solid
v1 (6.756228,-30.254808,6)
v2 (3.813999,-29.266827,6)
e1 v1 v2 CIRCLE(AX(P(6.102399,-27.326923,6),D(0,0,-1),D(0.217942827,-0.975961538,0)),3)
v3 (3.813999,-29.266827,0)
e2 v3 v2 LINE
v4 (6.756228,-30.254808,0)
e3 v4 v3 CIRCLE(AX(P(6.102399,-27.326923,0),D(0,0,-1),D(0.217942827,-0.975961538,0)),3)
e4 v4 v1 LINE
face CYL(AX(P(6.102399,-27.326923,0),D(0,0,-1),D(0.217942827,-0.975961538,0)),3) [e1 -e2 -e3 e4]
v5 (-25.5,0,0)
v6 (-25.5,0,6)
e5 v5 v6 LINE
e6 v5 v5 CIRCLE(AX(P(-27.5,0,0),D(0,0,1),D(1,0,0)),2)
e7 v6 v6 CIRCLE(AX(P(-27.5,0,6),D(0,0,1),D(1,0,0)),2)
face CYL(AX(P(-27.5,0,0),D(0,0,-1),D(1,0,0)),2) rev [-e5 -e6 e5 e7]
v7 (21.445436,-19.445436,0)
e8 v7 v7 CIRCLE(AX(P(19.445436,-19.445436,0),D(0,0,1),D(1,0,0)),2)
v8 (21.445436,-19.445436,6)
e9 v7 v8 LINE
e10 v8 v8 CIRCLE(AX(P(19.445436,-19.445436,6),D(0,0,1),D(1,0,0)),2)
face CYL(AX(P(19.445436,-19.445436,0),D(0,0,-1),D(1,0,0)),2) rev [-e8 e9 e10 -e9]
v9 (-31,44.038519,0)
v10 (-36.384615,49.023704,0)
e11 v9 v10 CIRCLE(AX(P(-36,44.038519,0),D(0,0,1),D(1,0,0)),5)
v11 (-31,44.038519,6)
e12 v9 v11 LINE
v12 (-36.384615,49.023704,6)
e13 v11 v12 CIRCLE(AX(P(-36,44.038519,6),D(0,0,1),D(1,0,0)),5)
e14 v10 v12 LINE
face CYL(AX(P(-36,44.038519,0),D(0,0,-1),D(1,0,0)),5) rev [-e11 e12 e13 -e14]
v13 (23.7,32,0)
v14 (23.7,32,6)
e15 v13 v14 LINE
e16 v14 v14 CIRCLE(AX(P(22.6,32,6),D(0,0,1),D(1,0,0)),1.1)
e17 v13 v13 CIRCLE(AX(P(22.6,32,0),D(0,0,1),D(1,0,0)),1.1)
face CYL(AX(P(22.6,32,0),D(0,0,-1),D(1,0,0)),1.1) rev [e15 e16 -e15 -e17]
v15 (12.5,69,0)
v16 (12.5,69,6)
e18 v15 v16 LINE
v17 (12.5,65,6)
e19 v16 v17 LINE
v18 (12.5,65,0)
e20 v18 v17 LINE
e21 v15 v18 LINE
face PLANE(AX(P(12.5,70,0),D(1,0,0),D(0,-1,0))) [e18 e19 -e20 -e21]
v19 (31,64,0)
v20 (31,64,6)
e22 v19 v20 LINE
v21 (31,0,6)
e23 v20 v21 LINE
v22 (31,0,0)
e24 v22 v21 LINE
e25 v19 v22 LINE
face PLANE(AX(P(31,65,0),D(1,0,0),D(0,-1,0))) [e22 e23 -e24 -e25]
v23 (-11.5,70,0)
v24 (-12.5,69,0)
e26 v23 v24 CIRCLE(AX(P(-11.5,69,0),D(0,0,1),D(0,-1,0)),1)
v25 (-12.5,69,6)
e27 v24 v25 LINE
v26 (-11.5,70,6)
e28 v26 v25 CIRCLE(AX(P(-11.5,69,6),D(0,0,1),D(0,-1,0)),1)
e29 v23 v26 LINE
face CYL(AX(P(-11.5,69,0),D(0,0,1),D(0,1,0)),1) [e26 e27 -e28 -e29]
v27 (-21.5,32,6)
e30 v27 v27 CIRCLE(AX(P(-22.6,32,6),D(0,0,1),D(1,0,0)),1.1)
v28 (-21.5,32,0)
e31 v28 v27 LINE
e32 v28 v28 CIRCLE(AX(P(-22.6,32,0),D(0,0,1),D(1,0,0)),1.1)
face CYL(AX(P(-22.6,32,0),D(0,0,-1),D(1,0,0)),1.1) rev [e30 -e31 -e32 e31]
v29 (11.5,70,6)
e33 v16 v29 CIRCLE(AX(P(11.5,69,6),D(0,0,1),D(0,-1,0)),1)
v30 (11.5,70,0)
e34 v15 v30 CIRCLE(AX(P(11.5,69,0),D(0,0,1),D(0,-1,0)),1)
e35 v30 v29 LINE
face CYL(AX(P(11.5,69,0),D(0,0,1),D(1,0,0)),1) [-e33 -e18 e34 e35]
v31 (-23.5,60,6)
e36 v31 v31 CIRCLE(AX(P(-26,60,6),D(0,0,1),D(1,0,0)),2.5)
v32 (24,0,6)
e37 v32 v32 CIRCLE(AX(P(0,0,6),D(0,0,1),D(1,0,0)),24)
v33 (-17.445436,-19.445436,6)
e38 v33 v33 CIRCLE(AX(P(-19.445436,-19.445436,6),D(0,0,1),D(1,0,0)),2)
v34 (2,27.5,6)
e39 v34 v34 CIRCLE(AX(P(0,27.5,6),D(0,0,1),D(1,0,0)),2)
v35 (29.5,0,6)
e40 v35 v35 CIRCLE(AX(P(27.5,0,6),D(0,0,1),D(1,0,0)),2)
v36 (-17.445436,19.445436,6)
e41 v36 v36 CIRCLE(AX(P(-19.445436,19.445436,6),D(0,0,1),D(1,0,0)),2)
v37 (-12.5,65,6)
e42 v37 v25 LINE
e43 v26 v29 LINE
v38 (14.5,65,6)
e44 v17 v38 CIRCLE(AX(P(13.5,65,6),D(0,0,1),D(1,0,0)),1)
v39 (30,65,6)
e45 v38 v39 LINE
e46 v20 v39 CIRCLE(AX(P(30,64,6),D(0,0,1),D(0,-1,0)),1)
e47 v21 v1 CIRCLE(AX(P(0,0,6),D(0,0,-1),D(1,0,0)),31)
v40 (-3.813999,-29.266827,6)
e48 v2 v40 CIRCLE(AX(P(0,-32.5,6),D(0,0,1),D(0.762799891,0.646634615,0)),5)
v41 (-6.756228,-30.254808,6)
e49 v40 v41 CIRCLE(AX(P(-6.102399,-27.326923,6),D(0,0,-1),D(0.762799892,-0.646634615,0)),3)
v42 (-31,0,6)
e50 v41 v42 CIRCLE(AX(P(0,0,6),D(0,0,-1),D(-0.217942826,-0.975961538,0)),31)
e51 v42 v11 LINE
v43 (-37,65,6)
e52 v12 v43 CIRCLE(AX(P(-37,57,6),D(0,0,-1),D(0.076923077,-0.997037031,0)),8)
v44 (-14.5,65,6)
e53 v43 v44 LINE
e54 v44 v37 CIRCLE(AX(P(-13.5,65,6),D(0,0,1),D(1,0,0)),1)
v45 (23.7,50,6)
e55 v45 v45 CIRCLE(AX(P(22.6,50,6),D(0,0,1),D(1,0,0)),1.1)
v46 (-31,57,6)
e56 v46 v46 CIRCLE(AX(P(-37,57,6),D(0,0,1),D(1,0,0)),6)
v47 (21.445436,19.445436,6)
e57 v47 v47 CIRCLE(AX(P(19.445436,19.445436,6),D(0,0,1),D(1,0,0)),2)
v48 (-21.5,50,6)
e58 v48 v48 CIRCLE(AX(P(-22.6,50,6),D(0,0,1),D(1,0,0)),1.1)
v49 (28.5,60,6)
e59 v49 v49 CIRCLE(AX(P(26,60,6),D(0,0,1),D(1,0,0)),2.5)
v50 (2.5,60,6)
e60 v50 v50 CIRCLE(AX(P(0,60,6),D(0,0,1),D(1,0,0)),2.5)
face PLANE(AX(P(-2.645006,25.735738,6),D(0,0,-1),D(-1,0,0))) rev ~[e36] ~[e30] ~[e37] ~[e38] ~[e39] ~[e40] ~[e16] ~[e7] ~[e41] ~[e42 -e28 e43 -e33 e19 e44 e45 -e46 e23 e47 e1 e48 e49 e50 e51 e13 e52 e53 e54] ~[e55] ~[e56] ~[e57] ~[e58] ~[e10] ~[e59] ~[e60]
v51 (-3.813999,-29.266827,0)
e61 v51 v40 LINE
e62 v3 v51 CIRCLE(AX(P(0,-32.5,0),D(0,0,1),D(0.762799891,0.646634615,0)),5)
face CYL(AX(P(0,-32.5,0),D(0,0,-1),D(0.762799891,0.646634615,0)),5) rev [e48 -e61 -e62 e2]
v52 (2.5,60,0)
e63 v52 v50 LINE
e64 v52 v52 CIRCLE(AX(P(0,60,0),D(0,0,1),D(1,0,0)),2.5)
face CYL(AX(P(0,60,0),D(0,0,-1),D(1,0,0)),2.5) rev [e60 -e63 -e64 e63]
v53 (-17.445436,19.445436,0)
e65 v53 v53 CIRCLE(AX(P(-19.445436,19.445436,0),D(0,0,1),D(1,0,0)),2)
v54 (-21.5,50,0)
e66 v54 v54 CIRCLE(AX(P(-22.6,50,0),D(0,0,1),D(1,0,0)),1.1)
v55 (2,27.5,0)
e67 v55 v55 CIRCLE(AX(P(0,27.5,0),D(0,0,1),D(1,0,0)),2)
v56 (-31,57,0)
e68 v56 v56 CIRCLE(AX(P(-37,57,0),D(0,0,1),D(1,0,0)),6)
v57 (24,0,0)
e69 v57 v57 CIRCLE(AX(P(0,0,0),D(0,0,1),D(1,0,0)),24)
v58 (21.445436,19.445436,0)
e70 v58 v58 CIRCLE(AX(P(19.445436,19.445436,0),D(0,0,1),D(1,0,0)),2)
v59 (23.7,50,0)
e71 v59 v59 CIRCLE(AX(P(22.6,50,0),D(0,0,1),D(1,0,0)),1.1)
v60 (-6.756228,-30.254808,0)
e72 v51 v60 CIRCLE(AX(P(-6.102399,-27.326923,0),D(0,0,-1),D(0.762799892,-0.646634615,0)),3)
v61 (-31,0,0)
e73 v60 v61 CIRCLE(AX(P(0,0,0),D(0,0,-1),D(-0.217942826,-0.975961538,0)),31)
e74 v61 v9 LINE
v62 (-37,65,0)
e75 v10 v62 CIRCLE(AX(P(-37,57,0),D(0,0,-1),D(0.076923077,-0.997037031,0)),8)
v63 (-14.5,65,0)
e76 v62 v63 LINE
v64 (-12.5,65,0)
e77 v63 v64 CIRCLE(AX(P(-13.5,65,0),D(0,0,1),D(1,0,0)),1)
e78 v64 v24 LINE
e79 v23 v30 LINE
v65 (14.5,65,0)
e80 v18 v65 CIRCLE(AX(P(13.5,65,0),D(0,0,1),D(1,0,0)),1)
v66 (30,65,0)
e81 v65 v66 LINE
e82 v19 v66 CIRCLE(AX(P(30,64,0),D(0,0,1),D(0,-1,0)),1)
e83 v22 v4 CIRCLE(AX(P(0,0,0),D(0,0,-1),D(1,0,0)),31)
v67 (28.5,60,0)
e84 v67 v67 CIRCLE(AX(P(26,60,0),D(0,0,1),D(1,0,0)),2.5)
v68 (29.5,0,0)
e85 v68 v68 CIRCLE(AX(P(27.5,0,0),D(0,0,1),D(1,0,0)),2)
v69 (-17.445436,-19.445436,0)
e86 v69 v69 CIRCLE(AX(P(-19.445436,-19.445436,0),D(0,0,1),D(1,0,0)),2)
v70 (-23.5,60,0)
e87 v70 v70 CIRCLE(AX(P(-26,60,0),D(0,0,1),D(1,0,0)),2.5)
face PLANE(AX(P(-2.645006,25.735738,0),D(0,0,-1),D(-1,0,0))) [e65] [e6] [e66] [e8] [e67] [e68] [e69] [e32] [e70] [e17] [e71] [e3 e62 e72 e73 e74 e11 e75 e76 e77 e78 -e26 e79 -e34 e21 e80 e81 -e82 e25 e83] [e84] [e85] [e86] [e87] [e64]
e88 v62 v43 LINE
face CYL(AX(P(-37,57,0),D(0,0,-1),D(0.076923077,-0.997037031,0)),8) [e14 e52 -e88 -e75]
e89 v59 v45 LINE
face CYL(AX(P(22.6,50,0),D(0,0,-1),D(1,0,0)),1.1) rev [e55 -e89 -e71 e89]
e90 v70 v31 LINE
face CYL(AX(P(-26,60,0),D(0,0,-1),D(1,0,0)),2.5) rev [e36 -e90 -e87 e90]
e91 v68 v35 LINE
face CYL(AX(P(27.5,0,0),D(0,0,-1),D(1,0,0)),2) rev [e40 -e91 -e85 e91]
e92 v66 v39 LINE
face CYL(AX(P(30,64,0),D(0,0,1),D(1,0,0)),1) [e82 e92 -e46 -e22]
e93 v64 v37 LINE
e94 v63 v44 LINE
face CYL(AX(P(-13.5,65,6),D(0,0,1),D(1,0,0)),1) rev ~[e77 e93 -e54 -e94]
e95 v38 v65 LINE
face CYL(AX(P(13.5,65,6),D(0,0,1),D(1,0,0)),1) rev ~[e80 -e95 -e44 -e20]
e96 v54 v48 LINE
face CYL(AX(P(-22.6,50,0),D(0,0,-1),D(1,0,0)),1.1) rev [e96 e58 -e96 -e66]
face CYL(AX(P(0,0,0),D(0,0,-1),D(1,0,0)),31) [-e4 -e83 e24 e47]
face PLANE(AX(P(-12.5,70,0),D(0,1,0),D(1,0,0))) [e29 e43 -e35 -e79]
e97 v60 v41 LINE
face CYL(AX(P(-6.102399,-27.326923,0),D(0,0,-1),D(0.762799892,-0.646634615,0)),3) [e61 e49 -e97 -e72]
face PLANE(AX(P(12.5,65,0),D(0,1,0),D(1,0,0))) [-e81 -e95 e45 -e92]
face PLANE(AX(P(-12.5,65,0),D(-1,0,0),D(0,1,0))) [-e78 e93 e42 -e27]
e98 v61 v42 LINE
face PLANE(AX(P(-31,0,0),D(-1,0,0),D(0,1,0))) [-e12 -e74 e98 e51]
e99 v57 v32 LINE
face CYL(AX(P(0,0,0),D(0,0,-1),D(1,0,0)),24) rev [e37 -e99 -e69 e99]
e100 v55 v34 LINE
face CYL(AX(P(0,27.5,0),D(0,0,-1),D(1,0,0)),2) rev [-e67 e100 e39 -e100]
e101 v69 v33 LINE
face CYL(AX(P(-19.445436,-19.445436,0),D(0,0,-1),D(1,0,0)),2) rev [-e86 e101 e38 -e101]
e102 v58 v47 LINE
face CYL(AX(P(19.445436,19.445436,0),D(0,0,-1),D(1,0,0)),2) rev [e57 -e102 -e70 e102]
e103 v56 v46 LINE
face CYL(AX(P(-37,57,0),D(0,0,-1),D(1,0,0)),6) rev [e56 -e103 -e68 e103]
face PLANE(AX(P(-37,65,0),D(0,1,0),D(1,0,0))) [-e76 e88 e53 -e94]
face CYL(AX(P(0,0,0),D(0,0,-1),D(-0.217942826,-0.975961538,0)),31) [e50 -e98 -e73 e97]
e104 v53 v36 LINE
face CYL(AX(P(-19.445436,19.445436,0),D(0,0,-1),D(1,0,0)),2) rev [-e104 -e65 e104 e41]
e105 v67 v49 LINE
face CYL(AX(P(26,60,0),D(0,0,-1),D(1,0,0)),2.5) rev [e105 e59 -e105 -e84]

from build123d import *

# Parameters (mm, degrees)
SKETCH_1_R          = 24
SKETCH_1_R_2        = 2
SKETCH_1_R_3        = 2.5
SKETCH_1_R_4        = 1.1
SKETCH_1_R_5        = 6
EXTRUDE_1_DEPTH     = 6
SKETCH_2_R          = 1
CUT_EXTRUDE_1_DEPTH = 84.432607534
FILLET_1_R          = 1


with BuildPart() as part:
    # 草图1 → 凸台-拉伸1 (new body)
    with BuildSketch(Plane.XY):
        with BuildLine():
            Line((-31, 0), (-31, 44.038518603))
            ThreePointArc((-31, 44.038518603), (-32.603168898, 47.707515532), (-36.384615385, 49.023703756))
            ThreePointArc((-36.384615385, 49.023703756), (-44.994071865, 56.692079518), (-37, 65))
            Line((-37, 65), (-12.5, 65))
            Line((-12.5, 65), (-12.5, 70))
            Line((-12.5, 70), (12.5, 70))
            Line((12.5, 70), (12.5, 65))
            Line((12.5, 65), (31, 65))
            Line((31, 65), (31, 0))
            ThreePointArc((31, 0), (24.191352338, -19.385006373), (6.756227609, -30.254807692))
            ThreePointArc((6.756227609, -30.254807692), (5.147421514, -30.170867126), (3.813999457, -29.266826923))
            ThreePointArc((3.813999457, -29.266826923), (0, -27.5), (-3.813999457, -29.266826923))
            ThreePointArc((-3.813999457, -29.266826923), (-5.147421514, -30.170867126), (-6.756227609, -30.254807692))
            ThreePointArc((-6.756227609, -30.254807692), (-24.191352338, -19.385006373), (-31, 0))
        make_face()
        Circle(SKETCH_1_R, mode=Mode.SUBTRACT)
        with Locations((-19.445436483, 19.445436483)):
            Circle(SKETCH_1_R_2, mode=Mode.SUBTRACT)
        with Locations((0, 27.5)):
            Circle(SKETCH_1_R_2, mode=Mode.SUBTRACT)
        with Locations((19.445436483, 19.445436483)):
            Circle(SKETCH_1_R_2, mode=Mode.SUBTRACT)
        with Locations((27.5, 0)):
            Circle(SKETCH_1_R_2, mode=Mode.SUBTRACT)
        with Locations((19.445436483, -19.445436483)):
            Circle(SKETCH_1_R_2, mode=Mode.SUBTRACT)
        with Locations((-19.445436483, -19.445436483)):
            Circle(SKETCH_1_R_2, mode=Mode.SUBTRACT)
        with Locations((-27.5, 0)):
            Circle(SKETCH_1_R_2, mode=Mode.SUBTRACT)
        with Locations((-26, 60)):
            Circle(SKETCH_1_R_3, mode=Mode.SUBTRACT)
        with Locations((0, 60)):
            Circle(SKETCH_1_R_3, mode=Mode.SUBTRACT)
        with Locations((26, 60)):
            Circle(SKETCH_1_R_3, mode=Mode.SUBTRACT)
        with Locations((-22.6, 50)):
            Circle(SKETCH_1_R_4, mode=Mode.SUBTRACT)
        with Locations((-22.6, 32)):
            Circle(SKETCH_1_R_4, mode=Mode.SUBTRACT)
        with Locations((22.6, 32)):
            Circle(SKETCH_1_R_4, mode=Mode.SUBTRACT)
        with Locations((22.6, 50)):
            Circle(SKETCH_1_R_4, mode=Mode.SUBTRACT)
        with Locations((-37, 57)):
            Circle(SKETCH_1_R_5, mode=Mode.SUBTRACT)
    extrude(amount=EXTRUDE_1_DEPTH)

    # 草图2 → 切除-拉伸1 (cut, through all)
    with BuildSketch(Plane.XY.offset(6)):
        with Locations((-13.5, 65)):
            Circle(SKETCH_2_R)
        with Locations((13.5, 65)):
            Circle(SKETCH_2_R)
    extrude(amount=-CUT_EXTRUDE_1_DEPTH, mode=Mode.SUBTRACT)

    # 圆角1
    fillet_1_edges = [part.edges().sort_by_distance(p)[0] for p in [
        (-12.5, 70, 3),
        (12.5, 70, 3),
        (31, 65, 3),
    ]]
    fillet(fillet_1_edges, radius=FILLET_1_R)


solid = part.part
